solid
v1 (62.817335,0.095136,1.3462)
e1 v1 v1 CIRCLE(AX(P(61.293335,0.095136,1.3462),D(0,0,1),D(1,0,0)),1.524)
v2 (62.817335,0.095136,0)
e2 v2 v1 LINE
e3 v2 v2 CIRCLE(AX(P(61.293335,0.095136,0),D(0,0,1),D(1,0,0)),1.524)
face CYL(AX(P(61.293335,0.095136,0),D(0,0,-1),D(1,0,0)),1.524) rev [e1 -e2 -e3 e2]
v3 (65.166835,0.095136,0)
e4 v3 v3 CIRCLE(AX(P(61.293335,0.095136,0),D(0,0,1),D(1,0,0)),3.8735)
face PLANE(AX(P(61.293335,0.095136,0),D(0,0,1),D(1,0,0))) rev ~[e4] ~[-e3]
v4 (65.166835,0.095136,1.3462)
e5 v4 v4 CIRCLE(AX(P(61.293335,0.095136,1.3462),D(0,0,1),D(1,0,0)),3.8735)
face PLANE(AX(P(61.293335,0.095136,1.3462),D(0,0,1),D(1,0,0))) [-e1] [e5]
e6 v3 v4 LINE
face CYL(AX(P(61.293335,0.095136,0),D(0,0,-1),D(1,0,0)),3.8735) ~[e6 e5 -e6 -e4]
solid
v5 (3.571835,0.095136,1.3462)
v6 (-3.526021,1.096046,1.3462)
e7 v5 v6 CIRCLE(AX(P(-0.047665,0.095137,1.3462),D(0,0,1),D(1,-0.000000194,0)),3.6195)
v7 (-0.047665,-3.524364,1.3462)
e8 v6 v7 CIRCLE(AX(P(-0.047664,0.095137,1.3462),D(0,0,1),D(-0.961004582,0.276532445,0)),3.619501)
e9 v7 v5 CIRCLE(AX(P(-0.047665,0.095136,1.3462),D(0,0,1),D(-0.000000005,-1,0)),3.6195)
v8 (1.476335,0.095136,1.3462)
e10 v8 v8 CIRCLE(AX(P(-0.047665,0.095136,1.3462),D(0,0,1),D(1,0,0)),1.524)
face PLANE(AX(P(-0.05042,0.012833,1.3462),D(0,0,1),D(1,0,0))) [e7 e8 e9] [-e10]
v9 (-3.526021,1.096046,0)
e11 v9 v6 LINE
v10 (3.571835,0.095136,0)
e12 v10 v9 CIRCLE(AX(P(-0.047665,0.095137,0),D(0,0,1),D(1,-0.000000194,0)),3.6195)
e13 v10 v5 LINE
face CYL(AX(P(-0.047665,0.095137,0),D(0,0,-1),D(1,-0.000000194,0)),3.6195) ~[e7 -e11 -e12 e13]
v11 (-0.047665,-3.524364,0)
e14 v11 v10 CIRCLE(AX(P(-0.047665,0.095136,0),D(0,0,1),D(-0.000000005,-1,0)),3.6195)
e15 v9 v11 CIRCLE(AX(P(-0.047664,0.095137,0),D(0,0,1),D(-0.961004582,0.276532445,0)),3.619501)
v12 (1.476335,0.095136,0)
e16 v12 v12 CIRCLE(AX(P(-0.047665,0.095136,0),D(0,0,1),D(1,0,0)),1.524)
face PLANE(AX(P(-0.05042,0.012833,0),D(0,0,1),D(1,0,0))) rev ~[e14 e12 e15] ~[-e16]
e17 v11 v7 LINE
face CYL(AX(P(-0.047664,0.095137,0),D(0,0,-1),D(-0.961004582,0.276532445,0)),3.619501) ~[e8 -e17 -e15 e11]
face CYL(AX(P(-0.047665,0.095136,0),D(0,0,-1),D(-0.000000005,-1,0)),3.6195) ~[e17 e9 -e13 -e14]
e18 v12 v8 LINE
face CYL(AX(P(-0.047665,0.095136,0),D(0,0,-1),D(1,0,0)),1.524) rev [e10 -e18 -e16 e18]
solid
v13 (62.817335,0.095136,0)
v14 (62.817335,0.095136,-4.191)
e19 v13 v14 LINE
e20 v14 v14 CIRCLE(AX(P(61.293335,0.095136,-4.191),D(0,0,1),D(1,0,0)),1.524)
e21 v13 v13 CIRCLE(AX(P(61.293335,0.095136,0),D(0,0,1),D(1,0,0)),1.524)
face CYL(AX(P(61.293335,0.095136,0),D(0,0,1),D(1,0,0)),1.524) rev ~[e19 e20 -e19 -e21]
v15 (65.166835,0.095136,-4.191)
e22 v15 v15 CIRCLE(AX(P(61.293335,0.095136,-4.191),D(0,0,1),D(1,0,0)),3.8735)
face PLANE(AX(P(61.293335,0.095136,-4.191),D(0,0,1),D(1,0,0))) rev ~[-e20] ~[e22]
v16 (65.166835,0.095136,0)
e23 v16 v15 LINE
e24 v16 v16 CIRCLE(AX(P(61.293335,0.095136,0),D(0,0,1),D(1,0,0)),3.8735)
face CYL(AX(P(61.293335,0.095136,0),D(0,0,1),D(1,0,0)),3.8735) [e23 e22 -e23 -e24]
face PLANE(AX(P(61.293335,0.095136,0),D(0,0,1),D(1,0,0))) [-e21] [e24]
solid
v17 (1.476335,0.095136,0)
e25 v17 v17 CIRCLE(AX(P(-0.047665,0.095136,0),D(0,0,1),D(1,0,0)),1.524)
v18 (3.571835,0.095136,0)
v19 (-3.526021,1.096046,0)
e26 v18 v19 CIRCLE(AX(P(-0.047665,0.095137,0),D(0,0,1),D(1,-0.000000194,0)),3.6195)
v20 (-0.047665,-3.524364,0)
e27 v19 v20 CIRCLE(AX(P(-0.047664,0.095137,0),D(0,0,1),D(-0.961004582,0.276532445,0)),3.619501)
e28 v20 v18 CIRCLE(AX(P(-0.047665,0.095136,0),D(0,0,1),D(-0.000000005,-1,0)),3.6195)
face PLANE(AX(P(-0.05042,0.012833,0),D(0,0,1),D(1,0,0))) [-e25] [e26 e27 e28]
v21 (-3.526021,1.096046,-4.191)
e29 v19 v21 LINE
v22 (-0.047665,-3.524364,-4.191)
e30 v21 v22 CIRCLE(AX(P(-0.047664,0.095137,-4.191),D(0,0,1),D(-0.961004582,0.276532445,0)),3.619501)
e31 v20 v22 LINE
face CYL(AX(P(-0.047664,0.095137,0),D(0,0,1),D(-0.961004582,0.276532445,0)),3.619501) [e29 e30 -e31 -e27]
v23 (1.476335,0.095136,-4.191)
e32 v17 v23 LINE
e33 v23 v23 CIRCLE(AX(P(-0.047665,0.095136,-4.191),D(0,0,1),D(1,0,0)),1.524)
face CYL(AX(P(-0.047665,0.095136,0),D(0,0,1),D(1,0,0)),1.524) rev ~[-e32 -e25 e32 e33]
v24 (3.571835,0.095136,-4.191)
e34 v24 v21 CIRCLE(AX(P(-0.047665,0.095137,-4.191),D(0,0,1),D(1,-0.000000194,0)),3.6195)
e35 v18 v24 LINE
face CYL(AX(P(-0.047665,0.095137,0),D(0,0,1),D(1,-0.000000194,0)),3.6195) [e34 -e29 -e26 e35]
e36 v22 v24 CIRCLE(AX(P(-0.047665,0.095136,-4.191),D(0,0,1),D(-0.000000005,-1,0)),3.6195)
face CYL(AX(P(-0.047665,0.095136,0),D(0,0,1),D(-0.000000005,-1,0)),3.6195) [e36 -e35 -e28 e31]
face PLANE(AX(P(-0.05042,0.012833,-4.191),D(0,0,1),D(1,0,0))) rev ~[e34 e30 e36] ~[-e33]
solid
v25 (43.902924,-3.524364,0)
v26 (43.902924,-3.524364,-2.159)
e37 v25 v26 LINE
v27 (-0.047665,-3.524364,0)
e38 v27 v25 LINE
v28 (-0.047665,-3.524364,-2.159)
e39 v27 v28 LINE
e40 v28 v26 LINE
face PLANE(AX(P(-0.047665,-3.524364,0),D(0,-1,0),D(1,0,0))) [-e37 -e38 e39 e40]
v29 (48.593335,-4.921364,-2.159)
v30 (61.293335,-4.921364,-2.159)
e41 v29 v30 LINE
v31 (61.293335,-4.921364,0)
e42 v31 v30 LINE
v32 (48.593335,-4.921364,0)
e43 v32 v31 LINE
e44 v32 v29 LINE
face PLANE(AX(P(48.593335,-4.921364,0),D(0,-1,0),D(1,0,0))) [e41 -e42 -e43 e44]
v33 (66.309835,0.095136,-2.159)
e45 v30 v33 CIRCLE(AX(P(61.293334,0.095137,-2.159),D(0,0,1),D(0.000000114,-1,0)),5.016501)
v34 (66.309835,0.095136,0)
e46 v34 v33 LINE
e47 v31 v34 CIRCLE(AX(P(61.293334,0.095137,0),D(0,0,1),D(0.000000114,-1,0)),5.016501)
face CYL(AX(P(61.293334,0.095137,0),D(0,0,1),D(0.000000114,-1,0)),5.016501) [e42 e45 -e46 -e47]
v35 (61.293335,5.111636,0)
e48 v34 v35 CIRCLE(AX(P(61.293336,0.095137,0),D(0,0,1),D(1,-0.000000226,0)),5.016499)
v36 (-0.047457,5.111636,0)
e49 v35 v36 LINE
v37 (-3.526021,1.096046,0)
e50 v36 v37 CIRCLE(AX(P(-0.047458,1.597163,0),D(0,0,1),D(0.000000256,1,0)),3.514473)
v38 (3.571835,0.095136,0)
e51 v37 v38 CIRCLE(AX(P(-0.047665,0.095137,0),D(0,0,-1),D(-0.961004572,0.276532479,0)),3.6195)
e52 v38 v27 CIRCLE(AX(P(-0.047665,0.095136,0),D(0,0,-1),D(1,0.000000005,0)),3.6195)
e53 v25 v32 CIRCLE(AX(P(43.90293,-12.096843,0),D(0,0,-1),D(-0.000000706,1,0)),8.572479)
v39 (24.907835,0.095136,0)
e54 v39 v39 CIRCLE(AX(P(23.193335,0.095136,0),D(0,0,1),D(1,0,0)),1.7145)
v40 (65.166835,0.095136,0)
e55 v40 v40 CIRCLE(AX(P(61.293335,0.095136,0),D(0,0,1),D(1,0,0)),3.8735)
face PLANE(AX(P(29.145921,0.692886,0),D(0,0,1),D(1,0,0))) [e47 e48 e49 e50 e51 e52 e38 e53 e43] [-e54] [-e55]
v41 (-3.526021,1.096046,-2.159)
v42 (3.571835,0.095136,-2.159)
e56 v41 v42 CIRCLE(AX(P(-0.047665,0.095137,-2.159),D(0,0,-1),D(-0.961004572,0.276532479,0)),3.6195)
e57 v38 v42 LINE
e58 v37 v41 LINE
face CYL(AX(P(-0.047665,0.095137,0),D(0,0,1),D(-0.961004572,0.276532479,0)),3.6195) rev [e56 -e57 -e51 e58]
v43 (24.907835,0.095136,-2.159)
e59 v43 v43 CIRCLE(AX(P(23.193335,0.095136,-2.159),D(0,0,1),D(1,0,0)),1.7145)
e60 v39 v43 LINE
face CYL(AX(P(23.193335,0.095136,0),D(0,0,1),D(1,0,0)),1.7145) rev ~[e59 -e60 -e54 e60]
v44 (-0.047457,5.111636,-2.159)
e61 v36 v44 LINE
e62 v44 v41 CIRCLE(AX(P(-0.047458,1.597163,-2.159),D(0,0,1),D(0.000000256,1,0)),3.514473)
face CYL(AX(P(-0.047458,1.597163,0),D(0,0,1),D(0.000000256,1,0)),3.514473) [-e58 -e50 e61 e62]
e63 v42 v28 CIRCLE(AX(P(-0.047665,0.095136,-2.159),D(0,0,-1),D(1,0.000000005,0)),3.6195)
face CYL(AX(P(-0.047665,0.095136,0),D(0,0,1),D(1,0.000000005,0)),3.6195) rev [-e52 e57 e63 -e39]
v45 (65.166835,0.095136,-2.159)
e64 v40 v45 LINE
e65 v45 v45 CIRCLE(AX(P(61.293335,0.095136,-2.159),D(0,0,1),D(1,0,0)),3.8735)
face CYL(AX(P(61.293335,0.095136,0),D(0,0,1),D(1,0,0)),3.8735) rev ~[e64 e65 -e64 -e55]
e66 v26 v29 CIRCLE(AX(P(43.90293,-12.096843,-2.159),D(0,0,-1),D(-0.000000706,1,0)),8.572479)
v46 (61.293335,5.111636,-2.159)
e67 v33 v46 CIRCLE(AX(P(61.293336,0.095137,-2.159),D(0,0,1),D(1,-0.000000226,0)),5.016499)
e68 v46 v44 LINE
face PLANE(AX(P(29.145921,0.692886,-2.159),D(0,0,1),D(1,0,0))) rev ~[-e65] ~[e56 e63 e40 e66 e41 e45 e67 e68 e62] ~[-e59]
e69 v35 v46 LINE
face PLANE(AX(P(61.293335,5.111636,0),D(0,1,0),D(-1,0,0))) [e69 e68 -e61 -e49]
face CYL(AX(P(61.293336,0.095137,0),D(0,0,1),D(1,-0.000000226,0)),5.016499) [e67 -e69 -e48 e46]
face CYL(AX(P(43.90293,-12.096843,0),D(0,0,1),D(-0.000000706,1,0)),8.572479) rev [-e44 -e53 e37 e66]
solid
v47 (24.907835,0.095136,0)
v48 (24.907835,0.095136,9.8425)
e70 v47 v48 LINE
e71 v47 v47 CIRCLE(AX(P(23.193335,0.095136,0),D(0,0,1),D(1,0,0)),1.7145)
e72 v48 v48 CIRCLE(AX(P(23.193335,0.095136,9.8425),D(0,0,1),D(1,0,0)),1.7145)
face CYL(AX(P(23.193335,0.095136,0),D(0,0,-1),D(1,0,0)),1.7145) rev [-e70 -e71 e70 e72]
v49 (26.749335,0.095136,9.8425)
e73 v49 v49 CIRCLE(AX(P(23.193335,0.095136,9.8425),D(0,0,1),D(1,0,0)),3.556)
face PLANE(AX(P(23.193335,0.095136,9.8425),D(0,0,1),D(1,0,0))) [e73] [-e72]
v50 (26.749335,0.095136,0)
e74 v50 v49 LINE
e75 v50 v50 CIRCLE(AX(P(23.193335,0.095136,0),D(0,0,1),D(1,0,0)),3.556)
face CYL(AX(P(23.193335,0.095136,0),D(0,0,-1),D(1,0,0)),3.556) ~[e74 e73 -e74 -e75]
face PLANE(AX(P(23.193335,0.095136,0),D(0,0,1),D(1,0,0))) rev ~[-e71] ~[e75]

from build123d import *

# Parameters (mm, degrees)
F0_R     = 1.524
F0_R_2   = 3.8735
F1_DEPTH = 1.3462
F0_R_3   = 3.556
F0_R_4   = 1.7145
F2_DEPTH = 9.8425
F3_DEPTH = 4.191
F4_DEPTH = 2.159


with BuildPart() as f1:
    # F0 (on Top) → F1 (new body)
    with BuildSketch(Plane.XY):
        with BuildLine():
            ThreePointArc((-0.047665, -3.524364), (2.511708, -2.464237), (3.571835, 0.095136))
            ThreePointArc((3.571835, 0.095136), (0.457741, 3.679177), (-3.526021, 1.096046))
            ThreePointArc((-3.526021, 1.096046), (-2.93934, -2.081787), (-0.047665, -3.524364))
        make_face()
        with Locations((-0.047665, 0.095136)):
            Circle(F0_R, mode=Mode.SUBTRACT)
        with Locations((61.293335, 0.095136)):
            Circle(F0_R_2)
        with Locations((61.293335, 0.095136)):
            Circle(F0_R, mode=Mode.SUBTRACT)
    extrude(amount=F1_DEPTH)


with BuildPart() as f2:
    # F0 (on Top) → F2 (new body)
    with BuildSketch(Plane.XY):
        with Locations((23.193335, 0.095136)):
            Circle(F0_R_3)
        with Locations((23.193335, 0.095136)):
            Circle(F0_R_4, mode=Mode.SUBTRACT)
    extrude(amount=F2_DEPTH)


with BuildPart() as f3:
    # F0 (on Top) → F3 (new body)
    with BuildSketch(Plane.XY):
        with BuildLine():
            ThreePointArc((-0.047665, -3.524364), (2.511708, -2.464237), (3.571835, 0.095136))
            ThreePointArc((3.571835, 0.095136), (0.457741, 3.679177), (-3.526021, 1.096046))
            ThreePointArc((-3.526021, 1.096046), (-2.93934, -2.081787), (-0.047665, -3.524364))
        make_face()
        with Locations((-0.047665, 0.095136)):
            Circle(F0_R, mode=Mode.SUBTRACT)
        with Locations((61.293335, 0.095136)):
            Circle(F0_R_2)
        with Locations((61.293335, 0.095136)):
            Circle(F0_R, mode=Mode.SUBTRACT)
    extrude(amount=-F3_DEPTH)


with BuildPart() as f4:
    # F0 (on Top) → F4 (new body)
    with BuildSketch(Plane.XY):
        with BuildLine():
            ThreePointArc((-3.526021, 1.096046), (0.457741, 3.679177), (3.571835, 0.095136))
            ThreePointArc((3.571835, 0.095136), (2.511708, -2.464237), (-0.047665, -3.524364))
            Line((-0.047665, -3.524364), (43.902924, -3.524364))
            ThreePointArc((43.902924, -3.524364), (46.349941, -3.881033), (48.593335, -4.921364))
            Line((48.593335, -4.921364), (61.293335, -4.921364))
            ThreePointArc((61.293335, -4.921364), (56.276835, 0.095136), (61.293335, 5.111636))
            Line((61.293335, 5.111636), (-0.047457, 5.111636))
            ThreePointArc((-0.047457, 5.111636), (-2.703835, 3.898289), (-3.526021, 1.096046))
        make_face()
        with Locations((23.193335, 0.095136)):
            Circle(F0_R_3, mode=Mode.SUBTRACT)
        with Locations((23.193335, 0.095136)):
            Circle(F0_R_3)
        with Locations((23.193335, 0.095136)):
            Circle(F0_R_4, mode=Mode.SUBTRACT)
        with BuildLine():
            ThreePointArc((66.309835, 0.095136), (64.840536, 3.642338), (61.293335, 5.111636))
            ThreePointArc((61.293335, 5.111636), (56.276835, 0.095136), (61.293335, -4.921364))
            ThreePointArc((61.293335, -4.921364), (64.840536, -3.452065), (66.309835, 0.095136))
        make_face()
        with Locations((61.293335, 0.095136)):
            Circle(F0_R_2, mode=Mode.SUBTRACT)
    extrude(amount=-F4_DEPTH)


solid = Compound([f1.part, f2.part, f3.part, f4.part])
